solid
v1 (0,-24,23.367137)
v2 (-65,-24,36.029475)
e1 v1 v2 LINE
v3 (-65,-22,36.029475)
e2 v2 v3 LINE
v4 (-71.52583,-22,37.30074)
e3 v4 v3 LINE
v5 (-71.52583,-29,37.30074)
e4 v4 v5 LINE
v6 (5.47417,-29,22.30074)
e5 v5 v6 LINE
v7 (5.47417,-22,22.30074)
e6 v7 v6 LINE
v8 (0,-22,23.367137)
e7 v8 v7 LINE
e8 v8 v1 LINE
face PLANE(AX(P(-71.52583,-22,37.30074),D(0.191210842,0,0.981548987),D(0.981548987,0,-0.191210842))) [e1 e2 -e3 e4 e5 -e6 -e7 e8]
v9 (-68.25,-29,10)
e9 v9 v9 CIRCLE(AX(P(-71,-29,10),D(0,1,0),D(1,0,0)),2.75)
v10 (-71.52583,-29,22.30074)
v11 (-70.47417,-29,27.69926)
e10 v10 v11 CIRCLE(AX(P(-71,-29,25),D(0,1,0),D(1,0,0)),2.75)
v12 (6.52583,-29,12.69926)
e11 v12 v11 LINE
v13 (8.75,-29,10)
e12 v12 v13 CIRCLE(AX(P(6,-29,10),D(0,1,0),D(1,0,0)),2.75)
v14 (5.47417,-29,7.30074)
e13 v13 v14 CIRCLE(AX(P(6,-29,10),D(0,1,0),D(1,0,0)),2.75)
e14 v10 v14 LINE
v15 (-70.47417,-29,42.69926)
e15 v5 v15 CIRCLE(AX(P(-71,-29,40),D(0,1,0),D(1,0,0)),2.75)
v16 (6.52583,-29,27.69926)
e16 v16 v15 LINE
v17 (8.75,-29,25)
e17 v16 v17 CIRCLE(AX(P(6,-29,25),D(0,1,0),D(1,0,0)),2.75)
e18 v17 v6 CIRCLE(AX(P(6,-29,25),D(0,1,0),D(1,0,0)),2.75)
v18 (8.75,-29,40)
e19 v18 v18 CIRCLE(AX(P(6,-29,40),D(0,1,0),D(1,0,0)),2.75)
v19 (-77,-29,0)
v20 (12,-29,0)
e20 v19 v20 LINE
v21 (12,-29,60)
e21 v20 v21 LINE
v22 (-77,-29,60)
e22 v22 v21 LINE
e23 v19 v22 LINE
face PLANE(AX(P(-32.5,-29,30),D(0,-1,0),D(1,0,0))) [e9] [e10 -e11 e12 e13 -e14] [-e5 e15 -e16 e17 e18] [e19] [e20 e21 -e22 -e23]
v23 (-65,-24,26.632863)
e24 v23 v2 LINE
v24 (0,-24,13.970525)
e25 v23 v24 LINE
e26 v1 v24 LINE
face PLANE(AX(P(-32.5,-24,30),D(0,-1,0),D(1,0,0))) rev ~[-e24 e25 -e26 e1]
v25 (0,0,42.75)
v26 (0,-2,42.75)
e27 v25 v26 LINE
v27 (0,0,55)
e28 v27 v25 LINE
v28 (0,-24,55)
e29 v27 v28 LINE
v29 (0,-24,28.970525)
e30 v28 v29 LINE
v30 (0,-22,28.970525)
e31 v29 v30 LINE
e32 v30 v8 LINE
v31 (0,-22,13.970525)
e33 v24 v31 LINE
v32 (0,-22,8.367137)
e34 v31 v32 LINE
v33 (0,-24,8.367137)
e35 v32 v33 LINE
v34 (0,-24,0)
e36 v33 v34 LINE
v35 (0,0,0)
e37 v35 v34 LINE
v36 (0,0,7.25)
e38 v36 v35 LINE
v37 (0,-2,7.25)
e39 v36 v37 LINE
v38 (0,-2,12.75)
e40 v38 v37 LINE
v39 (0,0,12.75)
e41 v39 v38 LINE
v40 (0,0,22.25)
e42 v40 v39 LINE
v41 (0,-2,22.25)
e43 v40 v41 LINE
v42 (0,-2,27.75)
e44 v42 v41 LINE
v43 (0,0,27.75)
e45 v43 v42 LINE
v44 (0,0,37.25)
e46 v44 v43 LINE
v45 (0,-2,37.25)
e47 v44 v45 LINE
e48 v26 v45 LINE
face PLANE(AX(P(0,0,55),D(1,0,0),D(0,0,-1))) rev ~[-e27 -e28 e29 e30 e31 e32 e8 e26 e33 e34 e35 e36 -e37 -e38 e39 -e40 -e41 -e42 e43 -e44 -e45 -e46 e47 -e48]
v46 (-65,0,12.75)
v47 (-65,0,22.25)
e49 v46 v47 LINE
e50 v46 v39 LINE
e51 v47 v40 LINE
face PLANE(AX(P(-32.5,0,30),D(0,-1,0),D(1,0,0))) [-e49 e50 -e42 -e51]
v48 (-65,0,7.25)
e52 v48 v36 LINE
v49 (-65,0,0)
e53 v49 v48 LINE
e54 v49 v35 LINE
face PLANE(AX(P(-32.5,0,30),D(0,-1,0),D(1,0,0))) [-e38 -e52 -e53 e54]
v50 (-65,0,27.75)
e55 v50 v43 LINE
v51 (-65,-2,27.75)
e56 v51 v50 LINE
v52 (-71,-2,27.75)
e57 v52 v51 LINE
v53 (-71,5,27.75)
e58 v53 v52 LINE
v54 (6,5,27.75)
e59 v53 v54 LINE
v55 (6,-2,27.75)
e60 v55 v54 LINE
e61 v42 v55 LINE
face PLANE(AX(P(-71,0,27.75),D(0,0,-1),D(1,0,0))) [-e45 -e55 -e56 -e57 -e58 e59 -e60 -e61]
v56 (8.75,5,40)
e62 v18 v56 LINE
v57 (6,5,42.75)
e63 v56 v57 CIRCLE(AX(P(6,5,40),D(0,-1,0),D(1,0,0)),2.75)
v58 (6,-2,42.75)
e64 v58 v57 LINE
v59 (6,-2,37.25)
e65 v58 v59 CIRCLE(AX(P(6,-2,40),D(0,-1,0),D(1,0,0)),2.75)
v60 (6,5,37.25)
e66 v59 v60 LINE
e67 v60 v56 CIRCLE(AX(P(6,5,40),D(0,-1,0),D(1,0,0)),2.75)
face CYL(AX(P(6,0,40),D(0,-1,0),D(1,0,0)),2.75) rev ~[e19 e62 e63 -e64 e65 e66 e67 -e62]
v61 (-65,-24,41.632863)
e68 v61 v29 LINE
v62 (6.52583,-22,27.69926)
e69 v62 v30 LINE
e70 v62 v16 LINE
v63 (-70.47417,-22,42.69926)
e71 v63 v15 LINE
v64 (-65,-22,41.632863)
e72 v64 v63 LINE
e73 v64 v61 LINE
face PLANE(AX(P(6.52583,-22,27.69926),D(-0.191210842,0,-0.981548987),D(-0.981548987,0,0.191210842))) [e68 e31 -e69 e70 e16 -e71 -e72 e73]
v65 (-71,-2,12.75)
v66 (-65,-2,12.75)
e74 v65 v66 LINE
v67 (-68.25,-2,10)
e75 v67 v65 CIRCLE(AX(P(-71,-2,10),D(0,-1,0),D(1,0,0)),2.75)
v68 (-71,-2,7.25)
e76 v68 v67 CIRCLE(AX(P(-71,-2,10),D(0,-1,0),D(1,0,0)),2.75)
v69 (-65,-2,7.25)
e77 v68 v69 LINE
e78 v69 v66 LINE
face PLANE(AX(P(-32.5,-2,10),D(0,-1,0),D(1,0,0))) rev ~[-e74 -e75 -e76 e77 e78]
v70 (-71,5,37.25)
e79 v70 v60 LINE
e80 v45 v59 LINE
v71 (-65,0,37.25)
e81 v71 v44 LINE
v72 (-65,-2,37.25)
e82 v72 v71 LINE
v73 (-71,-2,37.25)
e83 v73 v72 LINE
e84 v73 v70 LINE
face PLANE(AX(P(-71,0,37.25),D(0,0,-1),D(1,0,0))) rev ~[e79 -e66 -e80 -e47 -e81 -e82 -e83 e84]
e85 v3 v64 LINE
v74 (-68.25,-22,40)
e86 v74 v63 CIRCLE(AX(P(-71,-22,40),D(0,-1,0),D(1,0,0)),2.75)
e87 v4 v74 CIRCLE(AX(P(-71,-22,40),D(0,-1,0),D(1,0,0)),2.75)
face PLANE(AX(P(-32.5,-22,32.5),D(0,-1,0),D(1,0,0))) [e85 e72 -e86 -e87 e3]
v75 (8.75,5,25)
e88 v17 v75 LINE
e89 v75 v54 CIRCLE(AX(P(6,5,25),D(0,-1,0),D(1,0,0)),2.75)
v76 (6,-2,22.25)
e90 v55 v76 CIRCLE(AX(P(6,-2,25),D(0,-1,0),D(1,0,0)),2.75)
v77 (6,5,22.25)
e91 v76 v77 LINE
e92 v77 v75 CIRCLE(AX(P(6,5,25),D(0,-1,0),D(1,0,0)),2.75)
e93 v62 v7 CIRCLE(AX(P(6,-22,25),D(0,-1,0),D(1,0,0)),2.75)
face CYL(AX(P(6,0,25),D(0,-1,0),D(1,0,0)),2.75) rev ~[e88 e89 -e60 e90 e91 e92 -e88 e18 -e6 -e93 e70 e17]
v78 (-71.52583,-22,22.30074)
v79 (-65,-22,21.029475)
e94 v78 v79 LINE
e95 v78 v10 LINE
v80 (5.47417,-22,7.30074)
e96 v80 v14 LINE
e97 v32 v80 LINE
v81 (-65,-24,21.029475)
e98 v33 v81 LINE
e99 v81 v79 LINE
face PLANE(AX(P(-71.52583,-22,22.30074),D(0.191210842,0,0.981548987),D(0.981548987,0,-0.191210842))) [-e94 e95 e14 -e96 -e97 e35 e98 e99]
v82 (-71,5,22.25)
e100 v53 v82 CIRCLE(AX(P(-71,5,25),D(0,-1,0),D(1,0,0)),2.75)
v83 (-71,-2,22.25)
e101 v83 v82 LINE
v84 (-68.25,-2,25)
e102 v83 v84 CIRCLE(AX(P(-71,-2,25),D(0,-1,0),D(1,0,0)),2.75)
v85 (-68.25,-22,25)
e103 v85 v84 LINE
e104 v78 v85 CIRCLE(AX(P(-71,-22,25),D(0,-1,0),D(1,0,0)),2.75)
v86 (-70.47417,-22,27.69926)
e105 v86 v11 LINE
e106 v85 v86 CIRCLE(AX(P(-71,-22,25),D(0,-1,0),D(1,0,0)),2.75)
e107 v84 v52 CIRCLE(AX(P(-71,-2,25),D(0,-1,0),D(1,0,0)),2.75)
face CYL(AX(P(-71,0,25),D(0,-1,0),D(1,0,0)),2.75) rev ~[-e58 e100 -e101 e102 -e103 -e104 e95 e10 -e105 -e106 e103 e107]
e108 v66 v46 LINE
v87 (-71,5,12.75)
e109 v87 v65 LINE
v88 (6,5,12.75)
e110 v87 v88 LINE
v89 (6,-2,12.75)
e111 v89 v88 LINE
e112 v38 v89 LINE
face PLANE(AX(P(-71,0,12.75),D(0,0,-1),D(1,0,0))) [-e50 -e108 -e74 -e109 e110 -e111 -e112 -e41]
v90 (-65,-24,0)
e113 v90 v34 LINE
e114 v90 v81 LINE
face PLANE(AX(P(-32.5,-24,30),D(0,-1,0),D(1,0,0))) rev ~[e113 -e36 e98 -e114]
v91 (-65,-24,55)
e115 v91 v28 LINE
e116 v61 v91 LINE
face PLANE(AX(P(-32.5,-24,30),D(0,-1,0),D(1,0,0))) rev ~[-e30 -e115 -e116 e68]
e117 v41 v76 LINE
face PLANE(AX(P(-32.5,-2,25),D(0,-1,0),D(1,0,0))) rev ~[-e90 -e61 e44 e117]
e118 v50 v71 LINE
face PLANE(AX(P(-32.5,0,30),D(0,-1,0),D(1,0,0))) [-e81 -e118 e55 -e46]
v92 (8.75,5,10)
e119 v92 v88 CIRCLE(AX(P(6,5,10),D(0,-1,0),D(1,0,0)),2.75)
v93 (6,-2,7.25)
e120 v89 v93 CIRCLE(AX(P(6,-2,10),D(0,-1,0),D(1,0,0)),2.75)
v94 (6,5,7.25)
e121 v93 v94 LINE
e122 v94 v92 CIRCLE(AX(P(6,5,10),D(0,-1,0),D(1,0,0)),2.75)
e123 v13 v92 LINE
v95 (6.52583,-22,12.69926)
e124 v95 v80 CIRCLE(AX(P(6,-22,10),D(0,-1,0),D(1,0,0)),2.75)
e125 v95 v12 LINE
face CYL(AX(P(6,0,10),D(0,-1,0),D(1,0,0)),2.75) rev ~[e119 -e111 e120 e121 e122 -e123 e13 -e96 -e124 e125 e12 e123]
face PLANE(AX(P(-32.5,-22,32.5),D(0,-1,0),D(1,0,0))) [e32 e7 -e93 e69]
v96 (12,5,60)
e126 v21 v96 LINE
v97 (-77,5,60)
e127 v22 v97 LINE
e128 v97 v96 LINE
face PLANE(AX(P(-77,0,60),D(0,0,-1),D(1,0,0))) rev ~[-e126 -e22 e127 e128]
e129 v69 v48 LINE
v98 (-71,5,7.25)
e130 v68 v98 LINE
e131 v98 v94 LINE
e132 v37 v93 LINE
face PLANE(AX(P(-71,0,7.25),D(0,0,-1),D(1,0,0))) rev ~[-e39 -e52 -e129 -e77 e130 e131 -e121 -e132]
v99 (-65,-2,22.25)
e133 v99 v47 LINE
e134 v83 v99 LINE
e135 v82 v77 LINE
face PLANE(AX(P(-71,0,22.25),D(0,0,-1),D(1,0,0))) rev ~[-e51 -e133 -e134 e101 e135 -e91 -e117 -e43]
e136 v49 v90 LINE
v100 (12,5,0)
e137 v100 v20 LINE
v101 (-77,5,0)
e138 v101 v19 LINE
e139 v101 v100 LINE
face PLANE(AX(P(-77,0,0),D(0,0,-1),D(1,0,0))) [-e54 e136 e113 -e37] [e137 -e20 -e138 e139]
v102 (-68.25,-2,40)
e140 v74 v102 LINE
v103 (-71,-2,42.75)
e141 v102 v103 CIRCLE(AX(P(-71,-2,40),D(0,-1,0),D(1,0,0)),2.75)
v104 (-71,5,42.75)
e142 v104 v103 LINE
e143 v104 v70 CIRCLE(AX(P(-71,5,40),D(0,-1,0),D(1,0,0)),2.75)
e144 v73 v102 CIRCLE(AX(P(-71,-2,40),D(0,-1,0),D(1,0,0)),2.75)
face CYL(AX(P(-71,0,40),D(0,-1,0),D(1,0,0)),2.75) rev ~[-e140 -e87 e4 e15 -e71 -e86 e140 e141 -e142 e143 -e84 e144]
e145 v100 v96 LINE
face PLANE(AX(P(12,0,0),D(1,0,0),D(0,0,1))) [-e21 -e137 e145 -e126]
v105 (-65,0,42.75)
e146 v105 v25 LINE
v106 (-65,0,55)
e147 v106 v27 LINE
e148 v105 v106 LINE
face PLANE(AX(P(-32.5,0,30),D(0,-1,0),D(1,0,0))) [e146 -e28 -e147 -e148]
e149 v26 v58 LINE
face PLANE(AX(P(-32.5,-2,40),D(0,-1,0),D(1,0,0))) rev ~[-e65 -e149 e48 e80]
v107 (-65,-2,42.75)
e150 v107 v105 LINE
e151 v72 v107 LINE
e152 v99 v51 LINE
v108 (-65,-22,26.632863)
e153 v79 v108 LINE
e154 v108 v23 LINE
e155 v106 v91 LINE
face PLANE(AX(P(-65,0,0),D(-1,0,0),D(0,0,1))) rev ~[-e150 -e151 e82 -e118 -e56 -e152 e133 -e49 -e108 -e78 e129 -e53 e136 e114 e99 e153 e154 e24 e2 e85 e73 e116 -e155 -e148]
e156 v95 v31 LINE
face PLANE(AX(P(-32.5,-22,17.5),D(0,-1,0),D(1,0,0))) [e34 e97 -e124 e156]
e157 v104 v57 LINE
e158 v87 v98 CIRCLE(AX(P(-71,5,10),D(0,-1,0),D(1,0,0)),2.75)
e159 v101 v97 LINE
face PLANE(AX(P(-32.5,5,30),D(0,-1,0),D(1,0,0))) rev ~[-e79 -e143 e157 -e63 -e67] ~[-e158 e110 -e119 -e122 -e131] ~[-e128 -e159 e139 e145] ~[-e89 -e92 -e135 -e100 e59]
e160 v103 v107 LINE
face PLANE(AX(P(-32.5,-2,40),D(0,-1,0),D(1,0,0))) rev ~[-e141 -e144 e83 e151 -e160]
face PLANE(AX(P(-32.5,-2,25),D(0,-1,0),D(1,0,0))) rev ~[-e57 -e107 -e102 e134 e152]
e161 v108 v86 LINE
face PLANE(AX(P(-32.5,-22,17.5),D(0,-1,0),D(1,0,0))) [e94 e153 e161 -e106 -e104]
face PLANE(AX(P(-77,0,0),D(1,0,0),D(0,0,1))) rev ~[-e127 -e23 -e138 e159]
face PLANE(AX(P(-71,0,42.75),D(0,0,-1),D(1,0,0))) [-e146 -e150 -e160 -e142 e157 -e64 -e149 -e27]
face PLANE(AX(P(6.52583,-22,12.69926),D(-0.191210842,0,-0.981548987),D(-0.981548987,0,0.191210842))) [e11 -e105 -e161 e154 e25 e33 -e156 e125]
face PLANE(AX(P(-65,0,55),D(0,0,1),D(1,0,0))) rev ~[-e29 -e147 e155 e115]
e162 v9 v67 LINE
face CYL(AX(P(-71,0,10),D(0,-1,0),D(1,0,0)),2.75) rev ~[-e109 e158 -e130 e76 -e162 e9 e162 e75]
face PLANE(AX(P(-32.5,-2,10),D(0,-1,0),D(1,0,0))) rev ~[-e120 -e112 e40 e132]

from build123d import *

# Parameters (mm, degrees)
F1_DEPTH      = 24
F3_START      = 24
F2_W          = 89
F2_H          = 60
F3_DEPTH      = 5
F4_DEPTH      = 5
F5_R          = 2.75
F6_DEPTH      = 29.001
F6_DEPTH_BACK = 5.001
F7_W          = 77
F7_H          = 5.5
F8_DEPTH      = 5
F8_DEPTH_BACK = 2
F10_START     = 22
F10_DEPTH     = 7


with BuildPart() as f1:
    # F0 (on Front) → F1 (new body)
    with BuildSketch(Plane.XZ):
        Polygon((12, 60), (-77, 60), (-77, 0), (-65, 0), (-65, 55), (0, 55), (0, 0), (12, 0), align=None)
    extrude(amount=F1_DEPTH)

    # F2 (on Front) → F3 (join)
    with BuildSketch(Plane.XZ.offset(F3_START)):
        with Locations((-32.5, 30)):
            Rectangle(F2_W, F2_H)
    extrude(amount=F3_DEPTH)

    # F2 (on Front) → F4 (join)
    with BuildSketch(Plane.XZ):
        with Locations((-32.5, 30)):
            Rectangle(F2_W, F2_H)
    extrude(amount=-F4_DEPTH)

    # F5 (on Front) → F6 (cut, two sides)
    with BuildSketch(Plane.XZ) as f6_sk:
        with Locations((-71, 25)):
            Circle(F5_R)
        with Locations((-71, 10)):
            Circle(F5_R)
        with Locations((6, 10)):
            Circle(F5_R)
        with Locations((6, 25)):
            Circle(F5_R)
        with Locations((6, 40)):
            Circle(F5_R)
        with Locations((-71, 40)):
            Circle(F5_R)
    extrude(amount=F6_DEPTH, mode=Mode.SUBTRACT)
    extrude(f6_sk.sketch, amount=-F6_DEPTH_BACK, mode=Mode.SUBTRACT)

    # F7 (on Front) → F8 (cut, two sides)
    with BuildSketch(Plane.XZ) as f8_sk:
        with Locations((-32.5, 40)):
            Rectangle(F7_W, F7_H)
        with Locations((-32.5, 25)):
            Rectangle(F7_W, F7_H)
        with Locations((-32.5, 10)):
            Rectangle(F7_W, F7_H)
    extrude(amount=-F8_DEPTH, mode=Mode.SUBTRACT)
    extrude(f8_sk.sketch, amount=F8_DEPTH_BACK, mode=Mode.SUBTRACT)

    # F9 (on Front) → F10 (cut)
    with BuildSketch(Plane.XZ.offset(F10_START)):
        Polygon((-70.4741701855, 27.6992597145), (-71.5258298145, 22.3007402855), (5.4741701855, 7.3007402855), (6.5258298145, 12.6992597145), align=None)
        Polygon((-70.4741701855, 42.6992597145), (-71.5258298145, 37.3007402855), (5.4741701855, 22.3007402855), (6.5258298145, 27.6992597145), align=None)
    extrude(amount=F10_DEPTH, mode=Mode.SUBTRACT)


solid = f1.part
